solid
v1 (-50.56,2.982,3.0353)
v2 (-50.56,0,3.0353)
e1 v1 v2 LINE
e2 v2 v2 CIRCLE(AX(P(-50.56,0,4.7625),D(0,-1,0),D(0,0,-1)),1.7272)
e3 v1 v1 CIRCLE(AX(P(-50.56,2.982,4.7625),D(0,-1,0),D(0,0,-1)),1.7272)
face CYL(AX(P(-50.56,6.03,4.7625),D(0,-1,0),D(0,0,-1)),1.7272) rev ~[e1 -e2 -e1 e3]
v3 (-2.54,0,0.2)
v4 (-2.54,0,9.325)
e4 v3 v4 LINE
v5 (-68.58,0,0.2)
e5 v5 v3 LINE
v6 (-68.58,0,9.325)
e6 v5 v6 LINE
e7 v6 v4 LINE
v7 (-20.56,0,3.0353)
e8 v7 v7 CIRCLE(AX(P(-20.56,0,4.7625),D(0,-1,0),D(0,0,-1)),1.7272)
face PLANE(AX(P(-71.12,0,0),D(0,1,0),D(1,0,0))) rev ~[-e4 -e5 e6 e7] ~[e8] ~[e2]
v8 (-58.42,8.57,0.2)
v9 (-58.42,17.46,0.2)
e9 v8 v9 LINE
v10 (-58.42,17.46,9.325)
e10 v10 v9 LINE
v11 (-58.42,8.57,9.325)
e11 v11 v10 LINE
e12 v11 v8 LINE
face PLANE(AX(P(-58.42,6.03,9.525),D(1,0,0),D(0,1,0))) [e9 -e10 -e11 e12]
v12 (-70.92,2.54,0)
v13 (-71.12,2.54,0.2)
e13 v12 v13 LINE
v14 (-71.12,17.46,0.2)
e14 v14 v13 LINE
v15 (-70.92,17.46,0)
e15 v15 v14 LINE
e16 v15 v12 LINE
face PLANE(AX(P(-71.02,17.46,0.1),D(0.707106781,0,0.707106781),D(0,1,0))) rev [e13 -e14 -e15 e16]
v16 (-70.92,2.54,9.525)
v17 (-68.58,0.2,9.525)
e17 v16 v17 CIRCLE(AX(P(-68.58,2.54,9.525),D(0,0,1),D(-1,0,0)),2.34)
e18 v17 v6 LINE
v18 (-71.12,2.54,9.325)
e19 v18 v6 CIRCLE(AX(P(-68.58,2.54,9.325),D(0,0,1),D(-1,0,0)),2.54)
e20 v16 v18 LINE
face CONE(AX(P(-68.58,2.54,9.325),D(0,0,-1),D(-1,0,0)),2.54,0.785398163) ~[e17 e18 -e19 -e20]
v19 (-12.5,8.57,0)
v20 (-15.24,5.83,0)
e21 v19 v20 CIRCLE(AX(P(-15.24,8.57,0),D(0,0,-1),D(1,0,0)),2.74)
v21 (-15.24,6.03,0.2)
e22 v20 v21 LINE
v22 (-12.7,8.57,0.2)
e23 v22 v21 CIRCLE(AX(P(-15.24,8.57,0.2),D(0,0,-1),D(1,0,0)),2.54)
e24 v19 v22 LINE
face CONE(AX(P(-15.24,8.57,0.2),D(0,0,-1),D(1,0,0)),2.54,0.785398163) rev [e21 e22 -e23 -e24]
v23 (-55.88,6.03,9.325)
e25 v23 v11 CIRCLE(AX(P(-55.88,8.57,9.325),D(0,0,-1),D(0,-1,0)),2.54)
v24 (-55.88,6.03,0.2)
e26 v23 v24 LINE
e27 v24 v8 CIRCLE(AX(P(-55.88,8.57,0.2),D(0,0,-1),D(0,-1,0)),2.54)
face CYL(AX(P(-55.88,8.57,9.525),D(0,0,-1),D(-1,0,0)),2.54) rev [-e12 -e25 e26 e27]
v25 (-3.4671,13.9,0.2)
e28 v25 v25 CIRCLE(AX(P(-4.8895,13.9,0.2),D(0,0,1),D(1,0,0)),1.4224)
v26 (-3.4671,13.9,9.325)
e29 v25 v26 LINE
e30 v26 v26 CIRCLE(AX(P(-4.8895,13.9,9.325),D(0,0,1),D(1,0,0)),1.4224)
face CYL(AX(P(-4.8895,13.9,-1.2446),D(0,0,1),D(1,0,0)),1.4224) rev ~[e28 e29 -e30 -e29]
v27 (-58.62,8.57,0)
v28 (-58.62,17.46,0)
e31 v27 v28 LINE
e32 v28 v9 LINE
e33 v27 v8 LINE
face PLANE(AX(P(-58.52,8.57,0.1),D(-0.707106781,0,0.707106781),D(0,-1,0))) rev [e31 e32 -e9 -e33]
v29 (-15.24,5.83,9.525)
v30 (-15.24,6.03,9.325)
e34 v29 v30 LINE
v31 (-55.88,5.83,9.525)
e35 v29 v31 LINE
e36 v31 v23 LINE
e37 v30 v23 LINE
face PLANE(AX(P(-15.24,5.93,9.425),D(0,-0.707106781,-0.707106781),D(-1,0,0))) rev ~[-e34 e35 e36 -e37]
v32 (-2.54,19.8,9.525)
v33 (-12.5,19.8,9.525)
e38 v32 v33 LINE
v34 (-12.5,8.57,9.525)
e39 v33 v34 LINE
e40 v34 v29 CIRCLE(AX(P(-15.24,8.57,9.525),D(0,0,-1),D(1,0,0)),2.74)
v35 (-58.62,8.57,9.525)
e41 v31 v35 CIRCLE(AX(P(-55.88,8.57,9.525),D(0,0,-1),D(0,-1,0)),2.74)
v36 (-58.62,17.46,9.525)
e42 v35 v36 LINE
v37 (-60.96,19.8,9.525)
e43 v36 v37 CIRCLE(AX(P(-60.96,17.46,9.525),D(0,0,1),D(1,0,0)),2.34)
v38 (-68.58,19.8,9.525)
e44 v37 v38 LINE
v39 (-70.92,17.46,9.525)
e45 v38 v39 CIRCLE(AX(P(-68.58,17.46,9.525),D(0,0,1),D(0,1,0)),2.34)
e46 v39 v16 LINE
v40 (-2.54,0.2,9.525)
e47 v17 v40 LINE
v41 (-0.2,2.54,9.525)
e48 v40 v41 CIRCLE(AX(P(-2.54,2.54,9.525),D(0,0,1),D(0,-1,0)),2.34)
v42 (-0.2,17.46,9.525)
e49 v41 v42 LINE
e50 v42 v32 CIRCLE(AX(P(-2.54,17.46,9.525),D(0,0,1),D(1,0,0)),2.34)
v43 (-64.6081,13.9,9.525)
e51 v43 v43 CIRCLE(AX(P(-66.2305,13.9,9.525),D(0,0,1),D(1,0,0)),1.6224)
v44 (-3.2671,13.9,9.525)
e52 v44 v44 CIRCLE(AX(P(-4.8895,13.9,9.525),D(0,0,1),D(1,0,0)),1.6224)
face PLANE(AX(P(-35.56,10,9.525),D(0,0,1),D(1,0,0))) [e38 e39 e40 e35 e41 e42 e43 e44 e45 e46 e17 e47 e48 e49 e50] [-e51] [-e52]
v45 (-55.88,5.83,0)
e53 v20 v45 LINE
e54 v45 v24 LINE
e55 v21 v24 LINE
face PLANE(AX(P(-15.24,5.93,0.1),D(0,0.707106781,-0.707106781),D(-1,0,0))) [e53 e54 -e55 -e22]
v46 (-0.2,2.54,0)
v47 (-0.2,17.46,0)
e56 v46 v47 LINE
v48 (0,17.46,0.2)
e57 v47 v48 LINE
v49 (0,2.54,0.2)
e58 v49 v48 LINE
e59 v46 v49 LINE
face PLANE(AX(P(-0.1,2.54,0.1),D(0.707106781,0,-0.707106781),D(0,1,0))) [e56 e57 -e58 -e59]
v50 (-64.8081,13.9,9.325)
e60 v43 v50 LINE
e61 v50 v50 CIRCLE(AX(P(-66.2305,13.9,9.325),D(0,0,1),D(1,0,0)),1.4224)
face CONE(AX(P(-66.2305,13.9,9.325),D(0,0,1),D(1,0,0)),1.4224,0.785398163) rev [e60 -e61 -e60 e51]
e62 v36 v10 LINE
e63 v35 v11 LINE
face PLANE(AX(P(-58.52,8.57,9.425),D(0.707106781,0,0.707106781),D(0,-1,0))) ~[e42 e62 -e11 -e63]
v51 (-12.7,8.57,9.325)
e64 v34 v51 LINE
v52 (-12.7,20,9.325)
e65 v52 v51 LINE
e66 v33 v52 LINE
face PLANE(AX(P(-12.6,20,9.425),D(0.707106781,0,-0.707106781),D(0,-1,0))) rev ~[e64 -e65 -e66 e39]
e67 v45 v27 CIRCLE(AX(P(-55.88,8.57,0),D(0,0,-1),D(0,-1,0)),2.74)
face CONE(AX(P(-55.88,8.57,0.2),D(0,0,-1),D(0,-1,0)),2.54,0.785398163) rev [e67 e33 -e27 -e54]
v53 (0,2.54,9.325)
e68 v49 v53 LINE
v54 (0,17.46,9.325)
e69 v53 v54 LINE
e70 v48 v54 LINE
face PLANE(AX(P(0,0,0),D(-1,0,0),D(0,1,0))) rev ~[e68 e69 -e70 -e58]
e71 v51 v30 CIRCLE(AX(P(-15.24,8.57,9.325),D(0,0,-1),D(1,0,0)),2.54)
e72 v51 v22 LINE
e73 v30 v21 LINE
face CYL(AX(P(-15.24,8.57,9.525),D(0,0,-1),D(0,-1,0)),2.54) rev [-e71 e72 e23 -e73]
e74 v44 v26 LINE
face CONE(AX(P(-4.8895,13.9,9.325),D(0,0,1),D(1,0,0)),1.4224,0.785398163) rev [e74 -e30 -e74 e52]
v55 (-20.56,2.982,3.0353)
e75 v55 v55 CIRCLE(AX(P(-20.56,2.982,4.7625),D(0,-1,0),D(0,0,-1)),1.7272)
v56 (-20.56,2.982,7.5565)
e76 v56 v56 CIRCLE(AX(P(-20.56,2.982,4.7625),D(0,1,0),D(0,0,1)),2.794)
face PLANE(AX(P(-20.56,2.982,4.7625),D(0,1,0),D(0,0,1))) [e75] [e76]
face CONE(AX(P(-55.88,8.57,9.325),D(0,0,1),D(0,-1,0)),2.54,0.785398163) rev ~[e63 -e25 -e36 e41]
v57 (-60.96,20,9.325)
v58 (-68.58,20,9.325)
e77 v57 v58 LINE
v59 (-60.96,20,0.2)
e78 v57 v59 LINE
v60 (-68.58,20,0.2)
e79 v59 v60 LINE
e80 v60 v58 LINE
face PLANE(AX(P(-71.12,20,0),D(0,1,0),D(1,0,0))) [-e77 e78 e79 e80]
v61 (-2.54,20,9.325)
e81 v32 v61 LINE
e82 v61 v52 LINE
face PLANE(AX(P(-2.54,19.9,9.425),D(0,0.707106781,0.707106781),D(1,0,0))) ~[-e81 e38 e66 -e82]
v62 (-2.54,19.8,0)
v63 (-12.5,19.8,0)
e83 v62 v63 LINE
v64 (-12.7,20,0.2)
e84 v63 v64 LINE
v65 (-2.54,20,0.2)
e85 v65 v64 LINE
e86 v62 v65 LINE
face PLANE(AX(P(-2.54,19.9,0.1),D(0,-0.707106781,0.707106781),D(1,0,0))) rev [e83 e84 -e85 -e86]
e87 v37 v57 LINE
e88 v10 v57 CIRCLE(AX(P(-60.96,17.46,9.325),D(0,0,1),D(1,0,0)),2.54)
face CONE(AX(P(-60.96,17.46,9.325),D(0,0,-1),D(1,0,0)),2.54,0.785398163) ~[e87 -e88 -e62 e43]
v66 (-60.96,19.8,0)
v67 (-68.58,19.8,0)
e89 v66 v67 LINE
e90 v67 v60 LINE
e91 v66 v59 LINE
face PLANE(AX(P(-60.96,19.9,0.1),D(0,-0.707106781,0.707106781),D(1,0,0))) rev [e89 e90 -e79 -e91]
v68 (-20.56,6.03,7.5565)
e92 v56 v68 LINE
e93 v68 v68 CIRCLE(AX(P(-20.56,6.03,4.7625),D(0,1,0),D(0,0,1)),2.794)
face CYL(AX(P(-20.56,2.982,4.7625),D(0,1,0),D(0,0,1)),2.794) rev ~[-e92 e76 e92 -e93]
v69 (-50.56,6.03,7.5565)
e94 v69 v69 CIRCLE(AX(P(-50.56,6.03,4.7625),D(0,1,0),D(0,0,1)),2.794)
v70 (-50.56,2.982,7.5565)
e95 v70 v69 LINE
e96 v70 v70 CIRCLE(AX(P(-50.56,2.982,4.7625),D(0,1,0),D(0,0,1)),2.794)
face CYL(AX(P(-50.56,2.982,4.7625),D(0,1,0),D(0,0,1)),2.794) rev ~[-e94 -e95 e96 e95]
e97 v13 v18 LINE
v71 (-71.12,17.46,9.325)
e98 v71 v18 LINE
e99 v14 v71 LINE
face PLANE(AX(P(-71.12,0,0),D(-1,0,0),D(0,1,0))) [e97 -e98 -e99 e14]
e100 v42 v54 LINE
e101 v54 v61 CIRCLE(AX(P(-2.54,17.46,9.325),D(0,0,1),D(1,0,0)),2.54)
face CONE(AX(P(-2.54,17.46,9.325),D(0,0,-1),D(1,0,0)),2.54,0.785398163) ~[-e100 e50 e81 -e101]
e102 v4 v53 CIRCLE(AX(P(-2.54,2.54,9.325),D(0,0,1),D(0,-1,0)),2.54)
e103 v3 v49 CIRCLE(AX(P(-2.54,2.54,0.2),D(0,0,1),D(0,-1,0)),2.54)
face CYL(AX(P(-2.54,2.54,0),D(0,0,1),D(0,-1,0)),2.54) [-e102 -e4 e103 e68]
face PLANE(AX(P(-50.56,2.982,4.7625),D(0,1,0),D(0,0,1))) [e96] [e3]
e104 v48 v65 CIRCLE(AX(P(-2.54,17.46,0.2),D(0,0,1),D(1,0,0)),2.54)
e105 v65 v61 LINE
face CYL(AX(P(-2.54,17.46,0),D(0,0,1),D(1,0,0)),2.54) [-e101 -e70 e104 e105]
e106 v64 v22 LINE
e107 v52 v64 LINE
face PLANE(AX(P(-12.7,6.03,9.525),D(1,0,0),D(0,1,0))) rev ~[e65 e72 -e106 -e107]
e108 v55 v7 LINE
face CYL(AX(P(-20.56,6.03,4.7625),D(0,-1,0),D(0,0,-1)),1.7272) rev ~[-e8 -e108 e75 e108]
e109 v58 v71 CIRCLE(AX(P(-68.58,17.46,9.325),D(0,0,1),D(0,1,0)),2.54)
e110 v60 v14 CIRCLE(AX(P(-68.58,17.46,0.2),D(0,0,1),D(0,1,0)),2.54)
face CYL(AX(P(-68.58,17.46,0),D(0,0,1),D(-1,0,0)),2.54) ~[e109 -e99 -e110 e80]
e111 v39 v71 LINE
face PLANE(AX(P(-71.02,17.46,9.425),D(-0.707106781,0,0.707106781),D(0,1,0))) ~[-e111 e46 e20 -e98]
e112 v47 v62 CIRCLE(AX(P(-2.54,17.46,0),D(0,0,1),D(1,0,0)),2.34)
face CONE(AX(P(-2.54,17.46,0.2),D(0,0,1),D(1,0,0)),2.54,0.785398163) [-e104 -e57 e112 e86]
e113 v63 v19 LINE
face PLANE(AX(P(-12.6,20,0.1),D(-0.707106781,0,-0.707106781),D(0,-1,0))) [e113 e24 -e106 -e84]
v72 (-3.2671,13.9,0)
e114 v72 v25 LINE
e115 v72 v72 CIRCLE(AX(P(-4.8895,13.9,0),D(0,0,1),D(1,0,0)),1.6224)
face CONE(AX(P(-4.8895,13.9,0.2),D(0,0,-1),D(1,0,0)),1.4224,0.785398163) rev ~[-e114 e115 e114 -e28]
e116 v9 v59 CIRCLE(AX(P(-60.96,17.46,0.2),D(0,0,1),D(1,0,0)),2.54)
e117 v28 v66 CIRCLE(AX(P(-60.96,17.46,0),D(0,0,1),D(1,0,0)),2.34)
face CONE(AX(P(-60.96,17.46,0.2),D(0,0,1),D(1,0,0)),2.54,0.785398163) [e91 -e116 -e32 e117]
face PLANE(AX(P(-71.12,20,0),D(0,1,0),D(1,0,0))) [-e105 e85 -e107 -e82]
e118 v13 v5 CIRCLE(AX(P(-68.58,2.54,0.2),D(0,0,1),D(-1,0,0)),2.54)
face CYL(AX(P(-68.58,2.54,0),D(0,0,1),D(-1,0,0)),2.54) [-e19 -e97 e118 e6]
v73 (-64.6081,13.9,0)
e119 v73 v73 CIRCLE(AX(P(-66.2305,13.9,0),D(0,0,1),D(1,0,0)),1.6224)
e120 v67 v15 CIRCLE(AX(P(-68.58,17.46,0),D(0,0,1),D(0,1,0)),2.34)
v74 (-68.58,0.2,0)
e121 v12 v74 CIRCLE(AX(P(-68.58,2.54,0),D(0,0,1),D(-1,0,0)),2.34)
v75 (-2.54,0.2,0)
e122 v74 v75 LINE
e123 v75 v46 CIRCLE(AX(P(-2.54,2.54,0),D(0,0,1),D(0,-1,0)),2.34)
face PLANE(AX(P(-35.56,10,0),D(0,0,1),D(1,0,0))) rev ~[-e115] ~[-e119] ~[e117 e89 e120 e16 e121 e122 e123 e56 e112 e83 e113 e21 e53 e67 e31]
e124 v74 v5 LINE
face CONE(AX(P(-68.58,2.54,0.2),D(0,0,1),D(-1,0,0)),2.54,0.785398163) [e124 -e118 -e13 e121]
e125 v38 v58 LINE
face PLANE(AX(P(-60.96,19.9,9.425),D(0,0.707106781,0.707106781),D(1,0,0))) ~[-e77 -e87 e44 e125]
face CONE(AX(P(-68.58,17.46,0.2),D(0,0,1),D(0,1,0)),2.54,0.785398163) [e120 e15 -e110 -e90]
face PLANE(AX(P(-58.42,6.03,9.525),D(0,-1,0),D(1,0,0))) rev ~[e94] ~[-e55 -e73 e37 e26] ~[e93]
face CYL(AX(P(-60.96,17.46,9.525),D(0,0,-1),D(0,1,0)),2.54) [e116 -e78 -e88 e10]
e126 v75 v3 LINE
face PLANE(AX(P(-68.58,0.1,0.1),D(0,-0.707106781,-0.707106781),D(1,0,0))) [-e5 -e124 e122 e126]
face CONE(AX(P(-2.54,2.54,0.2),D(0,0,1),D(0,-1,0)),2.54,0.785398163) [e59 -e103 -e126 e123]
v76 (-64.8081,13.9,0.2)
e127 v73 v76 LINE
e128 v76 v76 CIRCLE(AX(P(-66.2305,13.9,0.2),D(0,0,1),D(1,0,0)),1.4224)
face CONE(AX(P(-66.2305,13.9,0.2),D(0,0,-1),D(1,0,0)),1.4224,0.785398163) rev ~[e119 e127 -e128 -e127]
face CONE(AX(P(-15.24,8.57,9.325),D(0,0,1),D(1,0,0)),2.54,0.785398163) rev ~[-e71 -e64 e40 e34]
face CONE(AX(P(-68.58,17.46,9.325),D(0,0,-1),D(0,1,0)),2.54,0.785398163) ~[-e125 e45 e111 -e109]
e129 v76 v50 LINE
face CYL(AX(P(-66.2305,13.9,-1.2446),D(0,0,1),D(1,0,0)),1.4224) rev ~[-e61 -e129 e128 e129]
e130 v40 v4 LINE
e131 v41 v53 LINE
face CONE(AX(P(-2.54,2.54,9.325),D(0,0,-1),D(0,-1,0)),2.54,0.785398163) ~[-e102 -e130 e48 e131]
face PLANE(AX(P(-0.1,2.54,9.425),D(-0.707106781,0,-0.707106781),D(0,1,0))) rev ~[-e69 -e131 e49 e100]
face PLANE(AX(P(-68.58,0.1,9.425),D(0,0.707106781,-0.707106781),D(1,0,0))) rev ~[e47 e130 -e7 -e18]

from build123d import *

# Parameters (mm, degrees)
SKETCH1_W                       = 71.12
SKETCH1_H                       = 20
EXTRUDE1_DEPTH                  = 9.525
SKETCH2_W                       = 45.72
SKETCH2_H                       = 13.97
EXTRUDE2_DEPTH                  = 10.525
HOLE1_D                         = 3.4544
HOLE1_CBORE_D                   = 5.588
HOLE1_CBORE_DEPTH               = 3.048
F_4_40_TAPPED_HOLE1_D           = 2.2606
F_4_40_TAPPED_HOLE1_DEPTH       = 12.6746
F_4_40_TAPPED_HOLE1_CBORE_D     = 2.8448
F_4_40_TAPPED_HOLE1_CBORE_DEPTH = 10.7696
F_4_40_TAPPED_HOLE1_TIP         = 0.679152758
FILLET1_R                       = 2.54
CHAMFER1_SIZE                   = 0.2


with BuildPart() as part:
    # Sketch1 → Extrude1 (new body)
    with BuildSketch(Plane.XY):
        with Locations((-35.56, 10)):
            Rectangle(SKETCH1_W, SKETCH1_H)
    extrude(amount=EXTRUDE1_DEPTH)

    # Sketch2 → Extrude2 (cut, through all)
    with BuildSketch(Plane.XY.offset(9.525)):
        with Locations((-35.56, 13.015)):
            Rectangle(SKETCH2_W, SKETCH2_H)
    extrude(amount=-EXTRUDE2_DEPTH, mode=Mode.SUBTRACT)

    # Hole1 (through all)
    with Locations(Plane(origin=(-50.56, 6.03, 4.7625), x_dir=(0, 0, 1), z_dir=(0, 1, 0))):
        with Locations((0, 0), (0, 30)):
            CounterBoreHole(HOLE1_D / 2, HOLE1_CBORE_D / 2, HOLE1_CBORE_DEPTH)

    # #4-40 Tapped Hole1
    with Locations(Plane(origin=(-66.2305, 13.9, 9.525), x_dir=(1, 0, 0), z_dir=(0, 0, 1))):
        with Locations((0, 0), (61.341, 0)):
            CounterBoreHole(F_4_40_TAPPED_HOLE1_D / 2, F_4_40_TAPPED_HOLE1_CBORE_D / 2, F_4_40_TAPPED_HOLE1_CBORE_DEPTH, depth=F_4_40_TAPPED_HOLE1_DEPTH)
            with Locations((0, 0, -(F_4_40_TAPPED_HOLE1_DEPTH + F_4_40_TAPPED_HOLE1_TIP / 2))):  # 118° drill point
                Cone(0, F_4_40_TAPPED_HOLE1_D / 2, F_4_40_TAPPED_HOLE1_TIP, mode=Mode.SUBTRACT)

    # Fillet1
    fillet1_edges = [part.edges().sort_by_distance(p)[0] for p in [
        (-58.42, 6.03, 4.7625),
        (-58.42, 20, 4.7625),
        (-12.7, 6.03, 4.7625),
        (0, 0, 4.7625),
        (-71.12, 0, 4.7625),
        (-71.12, 20, 4.7625),
        (0, 20, 4.7625),
    ]]
    fillet(fillet1_edges, radius=FILLET1_R)

    # Chamfer1
    chamfer1_edges = [part.edges().sort_by_distance(p)[0] for p in [
        (-6.3119, 13.9, 0),
        (-6.3119, 13.9, 9.525),
        (-67.6529, 13.9, 0),
        (-67.6529, 13.9, 9.525),
        (-35.56, 0, 0),
        (-35.56, 0, 9.525),
        (-64.77, 20, 0),
        (-58.42, 13.015, 0),
        (-35.56, 6.03, 0),
        (-12.7, 14.285, 0),
        (-7.62, 20, 0),
        (0, 10, 0),
        (-71.12, 10, 0),
        (-0.743948776, 19.256051224, 0),
        (-59.163948776, 19.256051224, 0),
        (-70.376051224, 19.256051224, 0),
        (-0.743948776, 0.743948776, 0),
        (-70.376051224, 0.743948776, 0),
        (-71.12, 10, 9.525),
        (-58.42, 13.015, 9.525),
        (-64.77, 20, 9.525),
        (0, 10, 9.525),
        (-7.62, 20, 9.525),
        (-12.7, 14.285, 9.525),
        (-35.56, 6.03, 9.525),
        (-0.743948776, 19.256051224, 9.525),
        (-59.163948776, 19.256051224, 9.525),
        (-70.376051224, 19.256051224, 9.525),
        (-0.743948776, 0.743948776, 9.525),
        (-70.376051224, 0.743948776, 9.525),
        (-13.443948776, 6.773948776, 9.525),
        (-13.443948776, 6.773948776, 0),
        (-57.676051224, 6.773948776, 9.525),
        (-57.676051224, 6.773948776, 0),
    ]]
    chamfer(chamfer1_edges, length=CHAMFER1_SIZE)


solid = part.part
